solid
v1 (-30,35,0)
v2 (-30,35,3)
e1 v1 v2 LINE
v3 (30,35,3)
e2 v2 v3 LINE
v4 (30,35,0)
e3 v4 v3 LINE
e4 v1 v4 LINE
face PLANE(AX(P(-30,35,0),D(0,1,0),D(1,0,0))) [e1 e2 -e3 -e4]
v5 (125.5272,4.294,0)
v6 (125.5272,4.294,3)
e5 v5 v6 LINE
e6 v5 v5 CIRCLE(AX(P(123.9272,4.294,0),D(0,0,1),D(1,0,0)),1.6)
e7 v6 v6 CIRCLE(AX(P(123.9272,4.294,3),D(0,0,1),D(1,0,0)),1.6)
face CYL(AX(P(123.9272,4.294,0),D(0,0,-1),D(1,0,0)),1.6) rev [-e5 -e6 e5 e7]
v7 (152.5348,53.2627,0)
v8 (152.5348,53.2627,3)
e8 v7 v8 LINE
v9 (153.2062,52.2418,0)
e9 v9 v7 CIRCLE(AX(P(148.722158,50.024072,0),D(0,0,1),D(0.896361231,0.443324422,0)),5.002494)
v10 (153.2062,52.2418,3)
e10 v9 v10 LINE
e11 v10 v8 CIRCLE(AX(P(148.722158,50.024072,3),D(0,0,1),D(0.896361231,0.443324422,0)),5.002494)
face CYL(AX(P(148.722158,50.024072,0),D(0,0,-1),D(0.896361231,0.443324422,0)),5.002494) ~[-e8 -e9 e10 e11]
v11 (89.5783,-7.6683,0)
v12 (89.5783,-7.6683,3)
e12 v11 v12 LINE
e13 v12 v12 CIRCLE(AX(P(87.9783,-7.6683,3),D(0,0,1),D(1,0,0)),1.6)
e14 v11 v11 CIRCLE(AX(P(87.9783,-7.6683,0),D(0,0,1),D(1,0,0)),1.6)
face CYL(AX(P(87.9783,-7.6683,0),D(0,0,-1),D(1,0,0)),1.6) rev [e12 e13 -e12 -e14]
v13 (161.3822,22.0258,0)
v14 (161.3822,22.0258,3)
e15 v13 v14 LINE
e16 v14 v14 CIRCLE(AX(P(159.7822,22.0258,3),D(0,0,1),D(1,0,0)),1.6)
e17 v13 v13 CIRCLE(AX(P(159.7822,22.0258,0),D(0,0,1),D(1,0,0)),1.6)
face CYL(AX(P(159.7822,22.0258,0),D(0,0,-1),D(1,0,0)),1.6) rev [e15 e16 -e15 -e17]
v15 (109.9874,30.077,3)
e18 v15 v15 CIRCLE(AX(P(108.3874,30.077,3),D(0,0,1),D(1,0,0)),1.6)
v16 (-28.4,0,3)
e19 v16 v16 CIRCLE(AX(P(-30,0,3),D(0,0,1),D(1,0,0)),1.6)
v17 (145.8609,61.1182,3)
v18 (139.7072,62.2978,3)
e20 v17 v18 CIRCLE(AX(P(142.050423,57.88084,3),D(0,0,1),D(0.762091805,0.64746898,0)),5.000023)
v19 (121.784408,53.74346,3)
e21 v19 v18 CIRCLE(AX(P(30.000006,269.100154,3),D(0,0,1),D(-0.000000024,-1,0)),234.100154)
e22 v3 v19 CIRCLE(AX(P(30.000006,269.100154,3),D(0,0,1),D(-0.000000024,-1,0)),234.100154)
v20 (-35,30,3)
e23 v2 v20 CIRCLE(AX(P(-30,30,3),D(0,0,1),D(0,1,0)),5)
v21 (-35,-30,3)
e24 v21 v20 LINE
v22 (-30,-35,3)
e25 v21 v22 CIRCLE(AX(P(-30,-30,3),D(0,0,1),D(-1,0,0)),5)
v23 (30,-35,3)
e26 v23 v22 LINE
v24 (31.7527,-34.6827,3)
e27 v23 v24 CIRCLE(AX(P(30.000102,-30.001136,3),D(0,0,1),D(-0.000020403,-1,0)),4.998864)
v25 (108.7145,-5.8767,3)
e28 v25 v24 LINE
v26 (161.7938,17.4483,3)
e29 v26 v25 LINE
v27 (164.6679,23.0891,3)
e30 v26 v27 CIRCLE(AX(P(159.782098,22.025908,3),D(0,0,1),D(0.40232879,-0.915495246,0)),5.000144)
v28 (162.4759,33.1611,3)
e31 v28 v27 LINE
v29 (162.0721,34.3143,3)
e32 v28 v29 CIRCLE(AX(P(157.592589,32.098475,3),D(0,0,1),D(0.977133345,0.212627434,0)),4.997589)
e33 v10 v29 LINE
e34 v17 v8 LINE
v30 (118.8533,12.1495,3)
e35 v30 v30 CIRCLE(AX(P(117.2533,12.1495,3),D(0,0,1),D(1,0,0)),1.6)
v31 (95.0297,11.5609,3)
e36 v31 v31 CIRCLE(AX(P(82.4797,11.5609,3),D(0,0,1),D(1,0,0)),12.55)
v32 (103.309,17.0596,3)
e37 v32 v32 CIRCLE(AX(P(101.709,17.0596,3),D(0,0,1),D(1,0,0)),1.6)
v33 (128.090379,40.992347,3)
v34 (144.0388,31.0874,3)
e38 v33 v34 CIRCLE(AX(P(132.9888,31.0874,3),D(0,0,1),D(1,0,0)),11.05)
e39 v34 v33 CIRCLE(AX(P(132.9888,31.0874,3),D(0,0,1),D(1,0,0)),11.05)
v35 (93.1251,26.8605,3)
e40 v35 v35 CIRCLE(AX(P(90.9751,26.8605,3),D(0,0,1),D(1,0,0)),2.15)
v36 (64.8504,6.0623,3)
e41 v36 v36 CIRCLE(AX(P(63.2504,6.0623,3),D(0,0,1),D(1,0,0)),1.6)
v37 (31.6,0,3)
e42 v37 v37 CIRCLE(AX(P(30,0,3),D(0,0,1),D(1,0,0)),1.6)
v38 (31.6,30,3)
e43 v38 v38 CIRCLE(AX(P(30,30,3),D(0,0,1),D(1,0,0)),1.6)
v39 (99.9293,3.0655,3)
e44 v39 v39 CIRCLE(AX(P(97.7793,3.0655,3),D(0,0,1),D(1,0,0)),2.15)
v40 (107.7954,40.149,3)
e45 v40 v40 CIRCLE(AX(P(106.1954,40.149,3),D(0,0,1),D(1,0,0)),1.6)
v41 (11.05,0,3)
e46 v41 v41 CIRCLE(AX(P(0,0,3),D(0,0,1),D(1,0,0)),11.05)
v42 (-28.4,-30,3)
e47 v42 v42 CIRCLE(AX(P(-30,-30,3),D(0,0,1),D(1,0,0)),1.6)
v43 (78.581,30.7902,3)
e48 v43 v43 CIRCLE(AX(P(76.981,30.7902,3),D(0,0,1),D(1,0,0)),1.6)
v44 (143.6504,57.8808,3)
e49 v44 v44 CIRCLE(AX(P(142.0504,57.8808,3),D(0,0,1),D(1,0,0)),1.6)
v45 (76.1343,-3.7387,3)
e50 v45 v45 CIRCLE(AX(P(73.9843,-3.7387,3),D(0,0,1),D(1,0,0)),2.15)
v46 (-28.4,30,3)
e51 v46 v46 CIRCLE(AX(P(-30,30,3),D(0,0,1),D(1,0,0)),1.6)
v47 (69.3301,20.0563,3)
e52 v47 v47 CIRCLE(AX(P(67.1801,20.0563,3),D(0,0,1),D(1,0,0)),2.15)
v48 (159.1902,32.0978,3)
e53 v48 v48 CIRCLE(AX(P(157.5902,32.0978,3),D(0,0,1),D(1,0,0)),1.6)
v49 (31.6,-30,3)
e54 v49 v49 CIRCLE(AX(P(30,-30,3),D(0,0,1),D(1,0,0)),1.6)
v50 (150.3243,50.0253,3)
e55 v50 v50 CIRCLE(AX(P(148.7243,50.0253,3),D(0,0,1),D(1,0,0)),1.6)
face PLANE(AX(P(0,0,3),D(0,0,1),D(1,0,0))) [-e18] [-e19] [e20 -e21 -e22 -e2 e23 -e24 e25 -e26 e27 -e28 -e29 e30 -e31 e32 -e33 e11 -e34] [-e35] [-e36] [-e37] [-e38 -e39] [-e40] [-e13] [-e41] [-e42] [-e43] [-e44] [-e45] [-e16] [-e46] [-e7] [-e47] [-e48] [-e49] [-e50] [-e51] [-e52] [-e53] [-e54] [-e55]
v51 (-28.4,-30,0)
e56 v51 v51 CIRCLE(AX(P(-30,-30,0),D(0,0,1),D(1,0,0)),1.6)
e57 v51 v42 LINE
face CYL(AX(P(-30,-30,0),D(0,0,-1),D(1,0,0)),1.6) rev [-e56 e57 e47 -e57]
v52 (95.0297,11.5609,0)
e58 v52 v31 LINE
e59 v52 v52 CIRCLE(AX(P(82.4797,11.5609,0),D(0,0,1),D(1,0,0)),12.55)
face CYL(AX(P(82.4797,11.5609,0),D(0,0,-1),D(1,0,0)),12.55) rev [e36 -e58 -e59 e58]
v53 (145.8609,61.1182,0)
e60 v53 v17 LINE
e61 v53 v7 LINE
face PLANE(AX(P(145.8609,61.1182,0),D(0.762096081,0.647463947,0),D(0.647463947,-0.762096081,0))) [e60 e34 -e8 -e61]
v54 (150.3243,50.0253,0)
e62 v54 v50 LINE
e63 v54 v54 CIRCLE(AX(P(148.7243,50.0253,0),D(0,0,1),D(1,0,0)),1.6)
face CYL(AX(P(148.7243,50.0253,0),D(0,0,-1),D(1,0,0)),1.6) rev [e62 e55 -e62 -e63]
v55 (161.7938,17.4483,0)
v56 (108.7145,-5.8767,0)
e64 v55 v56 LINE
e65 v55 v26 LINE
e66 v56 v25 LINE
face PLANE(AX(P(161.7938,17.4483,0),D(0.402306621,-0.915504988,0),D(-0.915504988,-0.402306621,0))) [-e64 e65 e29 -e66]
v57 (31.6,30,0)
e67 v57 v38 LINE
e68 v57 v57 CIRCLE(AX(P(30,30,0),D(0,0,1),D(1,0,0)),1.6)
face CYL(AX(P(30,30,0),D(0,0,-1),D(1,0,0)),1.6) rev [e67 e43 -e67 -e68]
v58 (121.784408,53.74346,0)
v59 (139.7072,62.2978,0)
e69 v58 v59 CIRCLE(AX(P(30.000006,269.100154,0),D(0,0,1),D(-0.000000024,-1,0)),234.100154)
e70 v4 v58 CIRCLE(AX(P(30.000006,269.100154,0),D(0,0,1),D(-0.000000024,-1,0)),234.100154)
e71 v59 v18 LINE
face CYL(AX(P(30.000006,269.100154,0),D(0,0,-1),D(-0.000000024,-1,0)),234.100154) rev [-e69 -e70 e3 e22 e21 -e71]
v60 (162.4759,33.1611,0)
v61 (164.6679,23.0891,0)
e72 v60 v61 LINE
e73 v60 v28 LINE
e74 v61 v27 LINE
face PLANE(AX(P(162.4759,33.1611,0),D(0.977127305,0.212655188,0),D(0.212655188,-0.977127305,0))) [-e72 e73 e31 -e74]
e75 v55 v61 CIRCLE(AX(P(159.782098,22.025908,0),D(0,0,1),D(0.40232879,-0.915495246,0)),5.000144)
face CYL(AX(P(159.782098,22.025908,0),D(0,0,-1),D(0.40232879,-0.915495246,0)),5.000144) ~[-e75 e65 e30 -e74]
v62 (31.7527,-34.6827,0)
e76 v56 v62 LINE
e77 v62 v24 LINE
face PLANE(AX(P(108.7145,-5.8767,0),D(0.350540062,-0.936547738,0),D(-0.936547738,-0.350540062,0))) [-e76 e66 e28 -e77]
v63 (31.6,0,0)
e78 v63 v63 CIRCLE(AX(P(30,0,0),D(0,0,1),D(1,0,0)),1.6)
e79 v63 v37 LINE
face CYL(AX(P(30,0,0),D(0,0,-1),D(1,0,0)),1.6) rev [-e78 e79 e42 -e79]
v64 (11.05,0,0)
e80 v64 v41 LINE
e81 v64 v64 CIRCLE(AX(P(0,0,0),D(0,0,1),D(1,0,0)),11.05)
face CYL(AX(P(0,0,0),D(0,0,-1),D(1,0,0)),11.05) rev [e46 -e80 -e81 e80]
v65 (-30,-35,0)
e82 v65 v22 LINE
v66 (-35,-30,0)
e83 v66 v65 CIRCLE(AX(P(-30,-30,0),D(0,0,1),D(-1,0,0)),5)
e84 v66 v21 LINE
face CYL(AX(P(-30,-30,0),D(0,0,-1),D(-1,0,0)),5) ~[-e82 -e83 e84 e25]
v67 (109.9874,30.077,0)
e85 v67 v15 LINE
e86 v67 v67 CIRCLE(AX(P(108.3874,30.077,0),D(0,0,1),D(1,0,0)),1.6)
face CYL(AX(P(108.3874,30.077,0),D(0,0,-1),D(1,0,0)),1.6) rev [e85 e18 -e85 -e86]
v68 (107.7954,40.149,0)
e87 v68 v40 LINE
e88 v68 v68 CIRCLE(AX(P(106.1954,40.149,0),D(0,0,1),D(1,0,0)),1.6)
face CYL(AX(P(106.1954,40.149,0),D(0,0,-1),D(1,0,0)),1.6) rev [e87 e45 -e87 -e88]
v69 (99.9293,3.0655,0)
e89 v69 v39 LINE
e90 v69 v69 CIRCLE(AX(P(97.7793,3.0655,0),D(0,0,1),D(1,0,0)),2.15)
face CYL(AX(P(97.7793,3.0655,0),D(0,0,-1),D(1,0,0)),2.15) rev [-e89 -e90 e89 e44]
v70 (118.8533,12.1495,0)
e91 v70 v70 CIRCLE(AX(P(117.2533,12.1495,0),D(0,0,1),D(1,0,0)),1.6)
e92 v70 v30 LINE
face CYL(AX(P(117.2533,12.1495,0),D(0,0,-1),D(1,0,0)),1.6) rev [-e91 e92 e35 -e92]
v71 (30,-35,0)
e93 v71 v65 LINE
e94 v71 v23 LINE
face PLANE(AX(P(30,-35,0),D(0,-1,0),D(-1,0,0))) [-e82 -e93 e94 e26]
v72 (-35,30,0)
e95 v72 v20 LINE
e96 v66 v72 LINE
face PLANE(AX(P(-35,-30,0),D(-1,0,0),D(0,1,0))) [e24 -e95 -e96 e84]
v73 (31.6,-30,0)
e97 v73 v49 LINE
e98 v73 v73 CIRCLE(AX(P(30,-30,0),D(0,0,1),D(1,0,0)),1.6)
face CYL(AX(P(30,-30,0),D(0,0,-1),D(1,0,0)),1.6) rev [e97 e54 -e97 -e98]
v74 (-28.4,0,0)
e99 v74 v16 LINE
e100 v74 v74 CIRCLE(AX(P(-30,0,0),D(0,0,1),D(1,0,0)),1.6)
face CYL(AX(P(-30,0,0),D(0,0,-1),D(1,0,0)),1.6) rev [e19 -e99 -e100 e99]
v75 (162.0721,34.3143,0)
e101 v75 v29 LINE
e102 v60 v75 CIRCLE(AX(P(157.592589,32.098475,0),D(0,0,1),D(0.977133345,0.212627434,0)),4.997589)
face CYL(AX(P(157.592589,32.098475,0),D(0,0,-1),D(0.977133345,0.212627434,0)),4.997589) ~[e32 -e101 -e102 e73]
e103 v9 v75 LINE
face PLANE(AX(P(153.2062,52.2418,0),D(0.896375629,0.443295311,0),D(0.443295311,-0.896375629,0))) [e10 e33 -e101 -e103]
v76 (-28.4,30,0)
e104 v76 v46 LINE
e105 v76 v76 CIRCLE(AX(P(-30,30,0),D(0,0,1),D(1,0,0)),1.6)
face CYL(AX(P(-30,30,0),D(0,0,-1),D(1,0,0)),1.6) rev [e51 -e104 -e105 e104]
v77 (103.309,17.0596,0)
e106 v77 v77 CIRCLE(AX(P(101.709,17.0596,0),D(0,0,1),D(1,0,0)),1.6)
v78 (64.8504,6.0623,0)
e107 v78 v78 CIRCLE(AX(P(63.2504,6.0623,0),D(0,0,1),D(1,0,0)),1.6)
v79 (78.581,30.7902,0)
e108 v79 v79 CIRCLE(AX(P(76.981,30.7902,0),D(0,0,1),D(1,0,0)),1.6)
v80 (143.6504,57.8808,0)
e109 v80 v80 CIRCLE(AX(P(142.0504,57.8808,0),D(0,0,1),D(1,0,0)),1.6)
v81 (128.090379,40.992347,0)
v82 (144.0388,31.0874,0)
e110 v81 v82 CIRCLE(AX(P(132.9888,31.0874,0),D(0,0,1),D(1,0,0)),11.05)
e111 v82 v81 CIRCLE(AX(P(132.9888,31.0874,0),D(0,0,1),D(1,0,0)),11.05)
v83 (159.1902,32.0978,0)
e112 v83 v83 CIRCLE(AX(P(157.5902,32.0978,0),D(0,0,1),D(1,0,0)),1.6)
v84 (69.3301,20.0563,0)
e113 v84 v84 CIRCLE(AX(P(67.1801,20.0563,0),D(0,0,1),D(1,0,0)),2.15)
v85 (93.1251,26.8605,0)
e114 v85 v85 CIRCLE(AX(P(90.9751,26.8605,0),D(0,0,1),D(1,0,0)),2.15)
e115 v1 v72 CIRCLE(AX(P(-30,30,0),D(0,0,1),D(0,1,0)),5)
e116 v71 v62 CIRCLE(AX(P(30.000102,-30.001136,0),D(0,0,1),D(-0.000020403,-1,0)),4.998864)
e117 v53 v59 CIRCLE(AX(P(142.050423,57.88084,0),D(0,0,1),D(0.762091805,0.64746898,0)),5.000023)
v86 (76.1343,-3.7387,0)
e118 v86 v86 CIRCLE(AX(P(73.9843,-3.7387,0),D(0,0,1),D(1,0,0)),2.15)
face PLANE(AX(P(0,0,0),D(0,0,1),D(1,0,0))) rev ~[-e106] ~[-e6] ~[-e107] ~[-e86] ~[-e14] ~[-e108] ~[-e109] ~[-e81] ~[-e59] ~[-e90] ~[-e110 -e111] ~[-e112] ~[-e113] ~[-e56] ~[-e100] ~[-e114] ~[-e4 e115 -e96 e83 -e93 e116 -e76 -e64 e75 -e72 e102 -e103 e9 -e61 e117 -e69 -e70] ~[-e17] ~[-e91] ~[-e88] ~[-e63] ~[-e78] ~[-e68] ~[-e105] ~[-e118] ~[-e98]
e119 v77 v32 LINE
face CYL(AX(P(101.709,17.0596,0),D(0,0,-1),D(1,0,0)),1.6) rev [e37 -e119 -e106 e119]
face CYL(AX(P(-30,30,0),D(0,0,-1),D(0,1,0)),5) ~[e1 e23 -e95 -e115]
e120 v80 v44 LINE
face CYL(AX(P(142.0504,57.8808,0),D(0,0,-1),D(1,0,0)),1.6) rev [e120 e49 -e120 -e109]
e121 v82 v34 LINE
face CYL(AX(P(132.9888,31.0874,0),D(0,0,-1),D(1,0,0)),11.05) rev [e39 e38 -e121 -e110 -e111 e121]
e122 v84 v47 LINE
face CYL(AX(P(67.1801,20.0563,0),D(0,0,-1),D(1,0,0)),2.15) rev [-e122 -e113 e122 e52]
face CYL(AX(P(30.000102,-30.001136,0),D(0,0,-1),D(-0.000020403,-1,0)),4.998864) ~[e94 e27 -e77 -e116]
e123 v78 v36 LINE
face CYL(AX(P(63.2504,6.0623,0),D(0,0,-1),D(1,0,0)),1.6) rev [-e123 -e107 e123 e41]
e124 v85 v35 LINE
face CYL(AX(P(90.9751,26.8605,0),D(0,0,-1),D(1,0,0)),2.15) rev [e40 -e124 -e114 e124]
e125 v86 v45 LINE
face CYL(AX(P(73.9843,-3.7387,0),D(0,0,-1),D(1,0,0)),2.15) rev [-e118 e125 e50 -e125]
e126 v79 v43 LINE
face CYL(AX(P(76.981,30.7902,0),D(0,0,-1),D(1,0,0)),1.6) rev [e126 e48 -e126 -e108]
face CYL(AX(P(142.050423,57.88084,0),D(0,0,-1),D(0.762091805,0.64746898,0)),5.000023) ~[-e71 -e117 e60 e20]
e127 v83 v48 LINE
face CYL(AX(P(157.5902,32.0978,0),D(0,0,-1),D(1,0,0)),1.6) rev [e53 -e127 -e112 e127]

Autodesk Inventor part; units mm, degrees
ref_plane "YZ Plane" through (0, 0, 0) normal (1, 0, 0) x (0, 1, 0)
ref_plane "XZ Plane" through (0, 0, 0) normal (0, 1, 0) x (-1, 0, 0)
ref_plane "XY Plane" through (0, 0, 0) normal (0, 0, 1) x (1, 0, 0)
sketch "スケッチ1" plane through (0, 0, 0) normal (0, 0, 1) x (1, 0, 0)
  circle A0 centre (0, 0) radius 11.05
  line L0 (30, 30) -> (-30, 30) construction
  line L1 (-30, 30) -> (-30, -30) construction
  line L2 (-30, -30) -> (30, -30) construction
  line L3 (30, -30) -> (30, 30) construction
  line L4 (30, 30) -> (-30, -30) construction
  line L5 (-30, 30) -> (30, -30) construction
  circle A1 centre (-30, 30) radius 1.6
  circle A2 centre (30, 30) radius 1.6
  circle A3 centre (30, -30) radius 1.6
  circle A4 centre (-30, -30) radius 1.6
  circle A5 centre (-30, 0) radius 1.6
  circle A6 centre (30, 0) radius 1.6
  circle A7 centre (0, 300) radius 10 construction
  line L6 (0, 300) -> (82.4797, 11.5609) construction
  line L7 (0, 300) -> (132.9888, 31.0874)
  arc A8 (0, 0) -> (244.9763, 126.8336) centre (0, 300) ccw construction
  circle A9 centre (58.0974, 14.9896) radius 5 construction
  circle A10 centre (57.7518, 25.2915) radius 1.6
  line L8 (68.7491, -13.167) -> (107.2076, -2.1697) construction
  line L9 (63.5961, -4.2397) -> (106.8619, 8.1323) construction
  line L10 (58.0974, 14.9896) -> (106.8619, 8.1323) construction
  line L11 (101.3633, 27.3615) -> (63.5961, -4.2397) construction
  line L12 (101.3633, 27.3615) -> (58.0974, 14.9896) construction
  line L13 (96.2103, 36.2888) -> (68.7491, -13.167) construction
  line L14 (96.2103, 36.2888) -> (57.7518, 25.2915) construction
  circle A11 centre (82.4797, 11.5609) radius 12.55
  circle A12 centre (107.2076, -2.1697) radius 1.6
  circle A13 centre (107.2076, -2.1697) radius 4 construction
  line L15 (106.8619, 8.1323) -> (101.3633, 27.3615) construction
  circle A14 centre (101.3633, 27.3615) radius 1.25 construction
  circle A15 centre (63.5961, -4.2397) radius 1.25 construction
  line L16 (58.0974, 14.9896) -> (63.5961, -4.2397) construction
  line L17 (57.7518, 25.2915) -> (68.7491, -13.167) construction
  circle A16 centre (58.0974, 14.9896) radius 1.25 construction
  circle A17 centre (68.7491, -13.167) radius 1.6
  line L18 (57.7518, 25.2915) -> (107.2076, -2.1697) construction
  line L19 (107.2076, -2.1697) -> (96.2103, 36.2888) construction
  circle A18 centre (106.8619, 8.1323) radius 1.25 construction
  arc A19 (103.1758, 6.579) -> (103.327, 6.2604) centre (106.8619, 8.1323) ccw construction
  circle A20 centre (96.2103, 36.2888) radius 1.6
  line L20 (37.5, 43.7095) -> (22.5, 43.7095) construction
  line L21 (22.5, 43.7095) -> (22.5, -43.7095) construction
  line L22 (22.5, -43.7095) -> (37.5, -43.7095) construction
  line L23 (37.5, -43.7095) -> (37.5, 43.7095) construction
  line L24 (37.5, 43.7095) -> (22.5, -43.7095) construction
  line L25 (22.5, 43.7095) -> (37.5, -43.7095) construction
  circle A21 centre (132.9888, 31.0874) radius 23 construction
  arc A22 (-30, 35) -> (-35, 30) centre (-30, 30) ccw
  arc A23 (-35, -30) -> (-30, -35) centre (-30, -30) ccw
  arc A24 (30, -35) -> (31.7527, -34.6827) centre (30, -30) ccw
  arc A25 (110.3268, 27.1589) -> (111.2133, 23.683) centre (132.9888, 31.0874) ccw construction
  arc A26 (103.327, 6.2604) -> (103.1758, 6.579) centre (106.8619, 8.1323) ccw
  line L26 (108.7145, -5.8767) -> (31.7527, -34.6827)
  line L27 (30, -35) -> (-30, -35)
  line L28 (-35, -30) -> (-35, 30)
  line L29 (-30, 35) -> (30, 35)
  circle A27 centre (132.9888, 31.0874) radius 11.05
  line L30 (148.7243, 50.0253) -> (108.3874, 30.077) construction
  line L31 (108.3874, 30.077) -> (117.2533, 12.1495) construction
  line L32 (117.2533, 12.1495) -> (157.5902, 32.0978) construction
  line L33 (157.5902, 32.0978) -> (148.7243, 50.0253) construction
  line L34 (148.7243, 50.0253) -> (117.2533, 12.1495) construction
  line L35 (108.3874, 30.077) -> (157.5902, 32.0978) construction
  line L36 (142.0504, 57.8808) -> (106.1954, 40.149) construction
  line L37 (106.1954, 40.149) -> (123.9272, 4.294) construction
  line L38 (123.9272, 4.294) -> (159.7822, 22.0258) construction
  line L39 (159.7822, 22.0258) -> (142.0504, 57.8808) construction
  line L40 (142.0504, 57.8808) -> (123.9272, 4.294) construction
  line L41 (106.1954, 40.149) -> (159.7822, 22.0258) construction
  circle A28 centre (106.1954, 40.149) radius 1.6
  circle A29 centre (142.0504, 57.8808) radius 1.6
  circle A30 centre (148.7243, 50.0253) radius 1.6
  circle A31 centre (157.5902, 32.0978) radius 1.6
  circle A32 centre (159.7822, 22.0258) radius 1.6
  circle A33 centre (123.9272, 4.294) radius 1.6
  circle A34 centre (117.2533, 12.1495) radius 1.6
  circle A35 centre (108.3874, 30.077) radius 1.6
  arc A36 (145.8609, 61.1182) -> (139.7072, 62.2978) centre (142.0504, 57.8808) ccw
  arc A37 (153.2062, 52.2418) -> (152.5348, 53.2627) centre (148.7243, 50.0253) ccw
  arc A38 (161.7938, 17.4483) -> (164.6679, 23.0891) centre (159.7822, 22.0258) ccw
  arc A39 (30, 35) -> (139.7072, 62.2978) centre (30, 269.1002) ccw
  line L42 (145.8609, 61.1182) -> (152.5348, 53.2627)
  line L43 (153.2062, 52.2418) -> (162.0721, 34.3143)
  arc A40 (162.4759, 33.1611) -> (162.0721, 34.3143) centre (157.5902, 32.0978) ccw
  line L44 (162.4759, 33.1611) -> (164.6679, 23.0891)
  line L45 (161.7938, 17.4483) -> (108.7145, -5.8767)
  circle A41 centre (0, 0) radius 55 construction
  circle A42 centre (82.4797, 11.5609) radius 17.5 construction
  circle A43 centre (67.1801, 20.0563) radius 2.15
  circle A44 centre (90.9751, 26.8605) radius 2.15
  circle A45 centre (97.7793, 3.0655) radius 2.15
  circle A46 centre (73.9843, -3.7387) radius 2.15
  circle A47 centre (76.981, 30.7902) radius 1.6
  circle A48 centre (87.9783, -7.6683) radius 1.6
  circle A49 centre (101.709, 17.0596) radius 1.6
  circle A50 centre (63.2504, 6.0623) radius 1.6
  circle A51 centre (101.3633, 27.3615) radius 5 construction
  circle A52 centre (106.1954, 40.149) radius 5 construction
  circle A53 centre (123.9272, 4.294) radius 5 construction
  line L46 (101.7135, 37.9325) -> (119.4454, 2.0775) construction
  point P0 (82.4797, 11.5609)
  dimension "d71" = 10
  dimension "d72" = 10
  dimension "d0" = 22.1
  dimension "d1" = 60
  dimension "d2" = 60
  dimension "d3" = 3.2
  dimension "d4" = 3.2
  dimension "d5" = 3.2
  dimension "d6" = 3.2
  dimension "d7" = 3.2
  dimension "d8" = 3.2
  dimension "d9" = 20
  dimension "d10" = 300
  dimension "d12" = 25.1
  dimension "d13" = 20
  dimension "d14" = 45
  dimension "d15" = 40
  dimension "d16" = 40
  dimension "d17" = 3.2
  dimension "d18" = 2.5
  dimension "d19" = 2.5
  dimension "d20" = 3.2
  dimension "d21" = 3.2
  dimension "d22" = 2.5
  dimension "d23" = 2.5
  dimension "d24" = 3.2
  dimension "d26" = 8
  dimension "d27" = 8
  dimension "d28" = 10
  dimension "d29" = 15
  dimension "d30" = 46
  dimension "d31" = 23
  dimension "d33" = 5
  dimension "d34" = 5
  dimension "d35" = 5
  dimension "d36" = 5
  dimension "d37" = 22.1
  dimension "d38" = 45
  dimension "d39" = 20
  dimension "d40" = 40
  dimension "d41" = 40
  dimension "d42" = 3.2
  dimension "d43" = 3.2
  dimension "d44" = 3.2
  dimension "d45" = 3.2
  dimension "d46" = 3.2
  dimension "d47" = 3.2
  dimension "d48" = 3.2
  dimension "d49" = 3.2
  dimension "d50" = 5
  dimension "d52" = 5
  dimension "d54" = 5
  dimension "d56" = 5
  dimension "d59" = 110
  dimension "d60" = 35
  dimension "d61" = 4.3
  dimension "d62" = 4.3
  dimension "d63" = 4.3
  dimension "d64" = 4.3
  dimension "d65" = 3.2
  dimension "d66" = 3.2
  dimension "d67" = 3.2
  dimension "d68" = 3.2
  dimension "d70" = 10
extrude "押し出し1" add sketch "スケッチ1" along normal blind 3 contours A39 A36 L42 A37 L43 A40 L44 A38 L45 L26 A24 L27 A23 L28 A22 L29 | A10 | A12 | A17 | A20
equation "\"d31\" = 0.5 * d30"
properties part number "関節3_側板右"
